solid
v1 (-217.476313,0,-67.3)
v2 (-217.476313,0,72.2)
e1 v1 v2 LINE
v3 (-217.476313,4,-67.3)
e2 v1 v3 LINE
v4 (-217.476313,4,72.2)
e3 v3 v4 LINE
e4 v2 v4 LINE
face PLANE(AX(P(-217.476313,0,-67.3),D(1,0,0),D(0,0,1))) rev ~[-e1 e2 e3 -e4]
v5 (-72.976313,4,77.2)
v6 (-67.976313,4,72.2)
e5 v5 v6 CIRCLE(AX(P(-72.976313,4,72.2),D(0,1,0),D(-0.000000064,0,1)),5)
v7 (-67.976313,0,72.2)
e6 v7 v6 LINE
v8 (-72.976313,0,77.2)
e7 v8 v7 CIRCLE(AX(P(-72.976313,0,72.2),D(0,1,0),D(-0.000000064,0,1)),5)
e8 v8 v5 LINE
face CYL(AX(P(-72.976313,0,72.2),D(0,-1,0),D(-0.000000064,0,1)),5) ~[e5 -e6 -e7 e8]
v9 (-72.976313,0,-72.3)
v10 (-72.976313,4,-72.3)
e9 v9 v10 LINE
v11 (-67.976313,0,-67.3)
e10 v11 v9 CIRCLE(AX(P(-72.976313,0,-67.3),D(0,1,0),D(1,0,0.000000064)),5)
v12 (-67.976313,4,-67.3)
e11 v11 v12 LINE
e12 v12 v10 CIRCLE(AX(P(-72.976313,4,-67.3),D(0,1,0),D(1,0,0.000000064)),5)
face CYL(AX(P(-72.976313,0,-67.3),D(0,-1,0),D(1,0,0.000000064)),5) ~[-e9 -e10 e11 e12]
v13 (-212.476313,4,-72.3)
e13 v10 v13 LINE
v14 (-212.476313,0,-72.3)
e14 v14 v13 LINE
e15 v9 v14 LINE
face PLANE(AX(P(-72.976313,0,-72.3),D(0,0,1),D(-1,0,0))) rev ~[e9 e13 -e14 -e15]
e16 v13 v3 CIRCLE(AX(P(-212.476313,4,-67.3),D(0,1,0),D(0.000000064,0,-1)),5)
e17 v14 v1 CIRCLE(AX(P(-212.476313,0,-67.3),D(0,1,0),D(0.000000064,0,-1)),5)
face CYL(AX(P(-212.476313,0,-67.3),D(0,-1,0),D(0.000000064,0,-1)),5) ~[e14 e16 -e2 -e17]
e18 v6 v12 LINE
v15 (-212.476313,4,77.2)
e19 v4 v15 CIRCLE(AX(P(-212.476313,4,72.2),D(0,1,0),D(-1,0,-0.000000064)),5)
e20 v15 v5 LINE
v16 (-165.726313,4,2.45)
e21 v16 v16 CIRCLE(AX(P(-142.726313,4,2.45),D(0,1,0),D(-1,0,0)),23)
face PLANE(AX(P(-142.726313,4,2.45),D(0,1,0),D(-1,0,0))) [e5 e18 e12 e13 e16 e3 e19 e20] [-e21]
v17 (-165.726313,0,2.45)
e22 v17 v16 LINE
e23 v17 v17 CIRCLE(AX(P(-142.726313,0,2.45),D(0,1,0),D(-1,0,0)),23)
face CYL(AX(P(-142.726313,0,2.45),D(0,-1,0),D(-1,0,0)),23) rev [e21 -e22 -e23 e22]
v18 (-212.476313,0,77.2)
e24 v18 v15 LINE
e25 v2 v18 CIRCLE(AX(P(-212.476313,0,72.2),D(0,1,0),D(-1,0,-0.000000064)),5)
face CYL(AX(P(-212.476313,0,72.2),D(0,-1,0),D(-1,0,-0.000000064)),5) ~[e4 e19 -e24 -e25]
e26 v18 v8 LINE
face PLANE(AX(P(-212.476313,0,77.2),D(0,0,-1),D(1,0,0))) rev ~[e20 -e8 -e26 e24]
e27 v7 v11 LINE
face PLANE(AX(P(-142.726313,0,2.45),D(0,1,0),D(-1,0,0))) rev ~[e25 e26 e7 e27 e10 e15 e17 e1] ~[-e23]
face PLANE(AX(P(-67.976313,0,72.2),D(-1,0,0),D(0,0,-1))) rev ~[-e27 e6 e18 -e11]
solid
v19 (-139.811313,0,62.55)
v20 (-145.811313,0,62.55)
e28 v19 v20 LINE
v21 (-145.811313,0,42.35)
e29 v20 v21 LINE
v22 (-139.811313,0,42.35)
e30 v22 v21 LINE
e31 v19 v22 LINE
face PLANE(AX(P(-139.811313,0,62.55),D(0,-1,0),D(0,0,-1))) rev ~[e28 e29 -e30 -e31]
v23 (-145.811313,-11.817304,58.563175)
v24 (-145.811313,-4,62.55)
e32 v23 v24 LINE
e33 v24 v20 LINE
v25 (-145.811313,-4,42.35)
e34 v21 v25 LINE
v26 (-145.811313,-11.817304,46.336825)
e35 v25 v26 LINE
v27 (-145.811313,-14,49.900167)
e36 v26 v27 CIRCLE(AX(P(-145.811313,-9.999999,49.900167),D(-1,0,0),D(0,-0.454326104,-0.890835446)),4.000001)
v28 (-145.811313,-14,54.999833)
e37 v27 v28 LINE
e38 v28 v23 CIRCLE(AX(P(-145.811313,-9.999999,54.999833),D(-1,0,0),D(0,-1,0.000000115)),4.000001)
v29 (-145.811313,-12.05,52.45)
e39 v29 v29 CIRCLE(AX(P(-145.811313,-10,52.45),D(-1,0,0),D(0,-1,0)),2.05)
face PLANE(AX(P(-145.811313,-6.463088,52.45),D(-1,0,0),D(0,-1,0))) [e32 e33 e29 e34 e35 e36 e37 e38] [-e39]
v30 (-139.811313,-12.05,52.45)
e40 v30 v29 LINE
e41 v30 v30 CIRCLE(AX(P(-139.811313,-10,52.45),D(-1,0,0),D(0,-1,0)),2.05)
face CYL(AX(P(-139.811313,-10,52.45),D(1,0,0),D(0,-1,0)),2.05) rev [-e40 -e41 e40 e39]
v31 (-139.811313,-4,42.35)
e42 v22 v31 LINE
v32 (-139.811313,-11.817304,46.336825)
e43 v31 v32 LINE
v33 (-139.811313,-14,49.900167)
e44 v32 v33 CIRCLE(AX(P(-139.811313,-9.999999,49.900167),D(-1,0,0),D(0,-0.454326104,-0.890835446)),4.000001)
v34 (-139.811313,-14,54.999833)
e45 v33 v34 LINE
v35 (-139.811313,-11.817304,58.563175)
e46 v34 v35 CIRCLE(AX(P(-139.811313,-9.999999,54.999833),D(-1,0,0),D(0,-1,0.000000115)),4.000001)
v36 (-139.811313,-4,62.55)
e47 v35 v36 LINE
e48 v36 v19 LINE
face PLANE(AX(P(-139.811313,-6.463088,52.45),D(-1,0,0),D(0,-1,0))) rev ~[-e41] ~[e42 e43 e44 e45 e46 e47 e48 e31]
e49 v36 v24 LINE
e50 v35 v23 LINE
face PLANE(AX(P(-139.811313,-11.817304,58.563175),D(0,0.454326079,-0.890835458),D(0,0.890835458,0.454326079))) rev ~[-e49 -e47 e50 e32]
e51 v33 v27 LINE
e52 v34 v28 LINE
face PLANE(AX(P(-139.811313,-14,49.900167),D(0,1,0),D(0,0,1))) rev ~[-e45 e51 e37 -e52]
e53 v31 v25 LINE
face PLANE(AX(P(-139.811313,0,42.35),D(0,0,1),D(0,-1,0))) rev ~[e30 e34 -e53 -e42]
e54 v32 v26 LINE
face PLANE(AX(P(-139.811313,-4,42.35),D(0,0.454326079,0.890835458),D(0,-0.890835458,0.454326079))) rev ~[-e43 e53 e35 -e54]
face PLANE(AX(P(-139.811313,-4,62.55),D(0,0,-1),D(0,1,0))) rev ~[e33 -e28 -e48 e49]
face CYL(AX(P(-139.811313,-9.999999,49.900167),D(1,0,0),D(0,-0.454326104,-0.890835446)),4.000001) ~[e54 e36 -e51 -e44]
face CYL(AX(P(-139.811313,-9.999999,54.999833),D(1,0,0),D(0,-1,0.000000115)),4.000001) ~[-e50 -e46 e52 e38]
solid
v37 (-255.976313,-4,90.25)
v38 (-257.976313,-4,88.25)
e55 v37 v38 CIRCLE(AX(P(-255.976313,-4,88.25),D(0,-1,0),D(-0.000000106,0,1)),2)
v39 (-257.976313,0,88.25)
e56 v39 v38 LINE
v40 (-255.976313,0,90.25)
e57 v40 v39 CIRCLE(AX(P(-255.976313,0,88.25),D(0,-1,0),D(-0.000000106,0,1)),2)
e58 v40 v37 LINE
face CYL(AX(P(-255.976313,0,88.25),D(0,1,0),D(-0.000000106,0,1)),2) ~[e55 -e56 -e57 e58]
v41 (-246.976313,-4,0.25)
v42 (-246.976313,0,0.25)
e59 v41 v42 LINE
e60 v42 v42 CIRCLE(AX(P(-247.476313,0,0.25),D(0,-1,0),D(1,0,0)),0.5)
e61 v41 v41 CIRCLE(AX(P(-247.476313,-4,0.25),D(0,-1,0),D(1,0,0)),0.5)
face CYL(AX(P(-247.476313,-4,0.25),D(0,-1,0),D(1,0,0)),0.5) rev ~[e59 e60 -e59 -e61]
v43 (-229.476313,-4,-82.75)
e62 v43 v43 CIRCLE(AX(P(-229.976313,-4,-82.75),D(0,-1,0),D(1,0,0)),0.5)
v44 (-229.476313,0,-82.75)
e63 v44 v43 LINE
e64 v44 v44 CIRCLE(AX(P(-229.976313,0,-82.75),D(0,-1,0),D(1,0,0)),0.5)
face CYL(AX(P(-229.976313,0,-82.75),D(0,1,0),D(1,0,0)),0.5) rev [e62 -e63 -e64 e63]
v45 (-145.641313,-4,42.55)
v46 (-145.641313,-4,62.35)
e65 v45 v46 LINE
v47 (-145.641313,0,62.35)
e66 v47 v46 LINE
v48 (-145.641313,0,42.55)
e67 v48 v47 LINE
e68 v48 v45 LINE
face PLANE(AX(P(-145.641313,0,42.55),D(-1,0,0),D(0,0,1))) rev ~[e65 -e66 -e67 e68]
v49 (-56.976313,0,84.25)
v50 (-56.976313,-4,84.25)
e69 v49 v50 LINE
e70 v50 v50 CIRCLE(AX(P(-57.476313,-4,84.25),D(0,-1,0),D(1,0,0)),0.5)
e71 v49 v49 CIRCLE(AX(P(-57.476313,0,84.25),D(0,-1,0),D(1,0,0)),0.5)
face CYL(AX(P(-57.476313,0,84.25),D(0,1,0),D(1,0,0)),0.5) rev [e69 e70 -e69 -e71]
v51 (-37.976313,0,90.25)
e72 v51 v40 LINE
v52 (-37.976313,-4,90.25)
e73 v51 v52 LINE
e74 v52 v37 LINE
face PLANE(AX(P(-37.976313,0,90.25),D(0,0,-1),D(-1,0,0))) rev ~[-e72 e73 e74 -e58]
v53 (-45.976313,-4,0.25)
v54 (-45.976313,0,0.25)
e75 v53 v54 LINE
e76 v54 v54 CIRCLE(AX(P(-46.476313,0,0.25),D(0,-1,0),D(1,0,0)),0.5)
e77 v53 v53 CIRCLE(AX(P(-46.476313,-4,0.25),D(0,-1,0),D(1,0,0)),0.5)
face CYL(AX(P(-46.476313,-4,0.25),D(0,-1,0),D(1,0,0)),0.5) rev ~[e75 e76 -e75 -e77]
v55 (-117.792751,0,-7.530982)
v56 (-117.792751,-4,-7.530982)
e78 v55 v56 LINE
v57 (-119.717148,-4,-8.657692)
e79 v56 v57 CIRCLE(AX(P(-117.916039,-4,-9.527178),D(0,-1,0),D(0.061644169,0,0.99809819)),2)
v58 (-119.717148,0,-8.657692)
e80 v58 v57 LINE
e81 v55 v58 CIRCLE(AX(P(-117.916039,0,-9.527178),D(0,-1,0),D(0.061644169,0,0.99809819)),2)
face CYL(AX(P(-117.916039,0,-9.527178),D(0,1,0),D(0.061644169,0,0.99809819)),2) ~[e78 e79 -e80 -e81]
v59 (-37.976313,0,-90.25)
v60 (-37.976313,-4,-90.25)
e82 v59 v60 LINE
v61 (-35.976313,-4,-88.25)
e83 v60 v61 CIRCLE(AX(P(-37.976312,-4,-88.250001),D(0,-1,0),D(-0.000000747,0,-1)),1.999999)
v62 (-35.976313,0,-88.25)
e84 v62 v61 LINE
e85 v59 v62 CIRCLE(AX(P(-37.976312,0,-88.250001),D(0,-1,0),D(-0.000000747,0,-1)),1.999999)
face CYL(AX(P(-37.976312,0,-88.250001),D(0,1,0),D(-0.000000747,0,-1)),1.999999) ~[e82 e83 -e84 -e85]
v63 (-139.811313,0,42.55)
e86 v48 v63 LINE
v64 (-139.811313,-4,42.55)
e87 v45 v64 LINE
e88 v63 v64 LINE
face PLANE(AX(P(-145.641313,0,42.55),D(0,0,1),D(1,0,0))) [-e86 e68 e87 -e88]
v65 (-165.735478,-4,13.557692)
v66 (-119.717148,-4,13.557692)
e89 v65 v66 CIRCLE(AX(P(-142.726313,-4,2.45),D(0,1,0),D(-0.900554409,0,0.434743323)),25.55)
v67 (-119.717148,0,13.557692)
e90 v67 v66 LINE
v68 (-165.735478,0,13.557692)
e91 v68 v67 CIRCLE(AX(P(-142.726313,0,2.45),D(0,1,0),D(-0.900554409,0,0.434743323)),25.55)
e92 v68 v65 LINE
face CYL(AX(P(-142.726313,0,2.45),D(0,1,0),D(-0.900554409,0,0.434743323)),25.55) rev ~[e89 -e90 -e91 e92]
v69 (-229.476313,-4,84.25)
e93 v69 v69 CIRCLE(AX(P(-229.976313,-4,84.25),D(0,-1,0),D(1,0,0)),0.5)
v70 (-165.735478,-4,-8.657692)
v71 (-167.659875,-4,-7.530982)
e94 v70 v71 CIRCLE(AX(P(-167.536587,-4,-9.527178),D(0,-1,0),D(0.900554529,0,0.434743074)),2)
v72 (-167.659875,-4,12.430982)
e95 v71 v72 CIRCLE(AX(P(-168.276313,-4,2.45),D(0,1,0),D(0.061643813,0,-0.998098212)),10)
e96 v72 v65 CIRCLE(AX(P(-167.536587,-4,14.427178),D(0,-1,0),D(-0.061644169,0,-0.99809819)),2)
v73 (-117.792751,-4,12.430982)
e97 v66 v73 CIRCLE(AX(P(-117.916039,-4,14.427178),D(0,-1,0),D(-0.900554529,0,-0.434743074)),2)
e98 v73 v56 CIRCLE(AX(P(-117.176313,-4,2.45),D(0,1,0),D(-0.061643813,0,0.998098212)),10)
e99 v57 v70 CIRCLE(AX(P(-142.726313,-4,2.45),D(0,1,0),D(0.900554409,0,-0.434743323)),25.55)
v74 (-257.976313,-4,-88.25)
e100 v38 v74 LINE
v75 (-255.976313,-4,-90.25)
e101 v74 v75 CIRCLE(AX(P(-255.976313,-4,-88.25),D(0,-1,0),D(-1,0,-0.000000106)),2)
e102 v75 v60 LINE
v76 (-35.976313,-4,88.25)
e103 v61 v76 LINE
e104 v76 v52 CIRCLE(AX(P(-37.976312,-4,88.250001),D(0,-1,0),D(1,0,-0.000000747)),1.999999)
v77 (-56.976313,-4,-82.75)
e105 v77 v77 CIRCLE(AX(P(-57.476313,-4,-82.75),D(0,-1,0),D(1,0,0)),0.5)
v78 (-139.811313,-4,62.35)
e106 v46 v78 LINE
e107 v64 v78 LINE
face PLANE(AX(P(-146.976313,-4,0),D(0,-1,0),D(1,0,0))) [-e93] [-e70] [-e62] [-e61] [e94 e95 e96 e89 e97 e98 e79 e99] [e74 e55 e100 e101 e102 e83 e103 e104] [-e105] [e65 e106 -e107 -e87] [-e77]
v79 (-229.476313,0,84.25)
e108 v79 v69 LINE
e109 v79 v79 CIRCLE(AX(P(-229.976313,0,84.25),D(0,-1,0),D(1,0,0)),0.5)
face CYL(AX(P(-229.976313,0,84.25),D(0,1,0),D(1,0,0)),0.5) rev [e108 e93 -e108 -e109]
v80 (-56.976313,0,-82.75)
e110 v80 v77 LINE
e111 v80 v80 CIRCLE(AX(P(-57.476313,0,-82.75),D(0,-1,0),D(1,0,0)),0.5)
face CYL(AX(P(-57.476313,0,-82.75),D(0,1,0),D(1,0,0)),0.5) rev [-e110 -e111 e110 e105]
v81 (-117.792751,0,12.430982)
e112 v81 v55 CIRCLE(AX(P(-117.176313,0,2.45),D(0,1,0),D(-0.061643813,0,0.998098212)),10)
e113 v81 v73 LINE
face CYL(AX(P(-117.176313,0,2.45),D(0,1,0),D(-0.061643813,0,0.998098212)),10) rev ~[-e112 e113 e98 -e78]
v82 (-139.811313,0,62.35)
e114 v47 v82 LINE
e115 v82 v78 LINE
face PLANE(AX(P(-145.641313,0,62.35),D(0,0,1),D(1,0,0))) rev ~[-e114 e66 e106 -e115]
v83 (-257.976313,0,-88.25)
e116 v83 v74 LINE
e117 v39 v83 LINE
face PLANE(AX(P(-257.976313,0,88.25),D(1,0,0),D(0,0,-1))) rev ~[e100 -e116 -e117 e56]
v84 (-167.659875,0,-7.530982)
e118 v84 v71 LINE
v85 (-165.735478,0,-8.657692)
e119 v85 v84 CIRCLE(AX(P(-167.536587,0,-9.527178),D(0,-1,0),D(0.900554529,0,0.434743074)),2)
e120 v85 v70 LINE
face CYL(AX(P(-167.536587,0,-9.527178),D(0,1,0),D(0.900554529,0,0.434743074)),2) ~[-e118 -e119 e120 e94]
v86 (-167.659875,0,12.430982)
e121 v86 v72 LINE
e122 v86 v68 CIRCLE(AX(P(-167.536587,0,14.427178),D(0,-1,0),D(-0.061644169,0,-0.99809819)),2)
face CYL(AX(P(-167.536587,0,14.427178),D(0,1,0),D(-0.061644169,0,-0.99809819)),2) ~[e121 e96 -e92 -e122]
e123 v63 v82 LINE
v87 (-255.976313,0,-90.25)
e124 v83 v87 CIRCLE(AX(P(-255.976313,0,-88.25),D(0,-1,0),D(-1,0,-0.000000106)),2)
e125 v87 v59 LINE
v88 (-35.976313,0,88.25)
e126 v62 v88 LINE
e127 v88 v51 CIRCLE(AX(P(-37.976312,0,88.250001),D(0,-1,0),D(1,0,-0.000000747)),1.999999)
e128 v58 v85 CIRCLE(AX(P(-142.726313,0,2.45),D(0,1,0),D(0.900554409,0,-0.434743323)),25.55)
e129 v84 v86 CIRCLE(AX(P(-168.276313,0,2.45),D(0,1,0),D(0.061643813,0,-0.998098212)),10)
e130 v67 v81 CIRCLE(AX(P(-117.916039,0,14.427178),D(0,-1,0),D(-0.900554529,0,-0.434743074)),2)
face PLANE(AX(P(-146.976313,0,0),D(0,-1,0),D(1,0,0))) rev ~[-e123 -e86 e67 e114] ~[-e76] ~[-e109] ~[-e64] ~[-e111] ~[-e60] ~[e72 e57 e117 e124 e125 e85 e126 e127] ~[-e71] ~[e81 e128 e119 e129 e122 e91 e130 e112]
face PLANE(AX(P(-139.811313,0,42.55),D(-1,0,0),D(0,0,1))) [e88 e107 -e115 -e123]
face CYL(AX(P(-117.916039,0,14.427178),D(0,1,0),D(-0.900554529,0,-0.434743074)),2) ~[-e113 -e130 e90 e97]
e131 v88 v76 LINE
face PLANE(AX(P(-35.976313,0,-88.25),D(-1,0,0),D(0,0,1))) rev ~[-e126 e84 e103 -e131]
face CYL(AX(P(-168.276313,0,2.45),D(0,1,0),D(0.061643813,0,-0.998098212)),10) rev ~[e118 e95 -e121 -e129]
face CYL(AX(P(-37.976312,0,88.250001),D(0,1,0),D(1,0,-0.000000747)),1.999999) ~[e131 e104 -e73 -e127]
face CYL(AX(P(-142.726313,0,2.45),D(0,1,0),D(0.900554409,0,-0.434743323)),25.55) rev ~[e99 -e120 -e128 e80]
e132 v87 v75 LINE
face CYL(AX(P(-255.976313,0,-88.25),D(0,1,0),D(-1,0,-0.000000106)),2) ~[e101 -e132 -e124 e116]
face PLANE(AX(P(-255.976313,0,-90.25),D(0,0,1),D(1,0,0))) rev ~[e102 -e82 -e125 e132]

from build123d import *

# Parameters (mm, degrees)
F0_R     = 0.5
F0_W     = 5.83
F0_H     = 19.8
F1_DEPTH = 4
F2_R     = 23
F3_DEPTH = 4
F4_R     = 2.05
F4_W     = 4
F4_H     = 19.8
F5_DEPTH = 6
F6_R     = 0.5
F7_DEPTH = 25


with BuildPart() as f1:
    # F0 (on Front) → F1 (new body)
    with BuildSketch(Plane.XZ):
        with BuildLine():
            ThreePointArc((-35.976313, 88.25), (-36.562099, 89.664214), (-37.976313, 90.25))
            Line((-37.976313, 90.25), (-255.976313, 90.25))
            ThreePointArc((-255.976313, 90.25), (-257.390526, 89.664214), (-257.976313, 88.25))
            Line((-257.976313, 88.25), (-257.976313, -88.25))
            ThreePointArc((-257.976313, -88.25), (-257.390526, -89.664214), (-255.976313, -90.25))
            Line((-255.976313, -90.25), (-37.976313, -90.25))
            ThreePointArc((-37.976313, -90.25), (-36.562099, -89.664214), (-35.976313, -88.25))
            Line((-35.976313, -88.25), (-35.976313, 88.25))
        make_face()
        with Locations((-229.976313, -82.75)):
            Circle(F0_R, mode=Mode.SUBTRACT)
        with Locations((-57.476313, -82.75)):
            Circle(F0_R, mode=Mode.SUBTRACT)
        with Locations((-229.976313, 84.25)):
            Circle(F0_R, mode=Mode.SUBTRACT)
        with BuildLine():
            ThreePointArc((-167.659875, -7.530982), (-178.276313, 2.45), (-167.659875, 12.430982))
            ThreePointArc((-167.659875, 12.430982), (-166.526072, 12.701241), (-165.735478, 13.557692))
            ThreePointArc((-165.735478, 13.557692), (-142.726313, 28), (-119.717148, 13.557692))
            ThreePointArc((-119.717148, 13.557692), (-118.926554, 12.701241), (-117.792751, 12.430982))
            ThreePointArc((-117.792751, 12.430982), (-107.176313, 2.45), (-117.792751, -7.530982))
            ThreePointArc((-117.792751, -7.530982), (-118.926554, -7.801241), (-119.717148, -8.657692))
            ThreePointArc((-119.717148, -8.657692), (-142.726313, -23.1), (-165.735478, -8.657692))
            ThreePointArc((-165.735478, -8.657692), (-166.526072, -7.801241), (-167.659875, -7.530982))
        make_face(mode=Mode.SUBTRACT)
        with Locations((-142.726313, 52.45)):
            Rectangle(F0_W, F0_H, mode=Mode.SUBTRACT)
        with Locations((-57.476313, 84.25)):
            Circle(F0_R, mode=Mode.SUBTRACT)
    extrude(amount=F1_DEPTH)

    # F6 (on face) → F7 (cut)
    with BuildSketch(Plane.XZ.offset(4)):
        with Locations((-247.476313, 0.25)):
            Circle(F6_R)
        with Locations((-46.476313, 0.25)):
            Circle(F6_R)
    extrude(amount=-F7_DEPTH, mode=Mode.SUBTRACT)


with BuildPart() as f3:
    # F2 (on face) → F3 (new body)
    with BuildSketch(Plane(origin=(0, 0, 0), x_dir=(-1, 0, 0), z_dir=(0, 1, 0))):
        with BuildLine():
            ThreePointArc((67.976313, -67.3), (69.440779, -70.835534), (72.976313, -72.3))
            Line((72.976313, -72.3), (212.476313, -72.3))
            ThreePointArc((212.476313, -72.3), (216.011847, -70.835534), (217.476313, -67.3))
            Line((217.476313, -67.3), (217.476313, 72.2))
            ThreePointArc((217.476313, 72.2), (216.011847, 75.735534), (212.476313, 77.2))
            Line((212.476313, 77.2), (72.976313, 77.2))
            ThreePointArc((72.976313, 77.2), (69.440779, 75.735534), (67.976313, 72.2))
            Line((67.976313, 72.2), (67.976313, -67.3))
        make_face()
        with Locations((142.726313, 2.45)):
            Circle(F2_R, mode=Mode.SUBTRACT)
    extrude(amount=F3_DEPTH)


with BuildPart() as f5:
    # F4 (on face) → F5 (new body)
    with BuildSketch(Plane(origin=(-139.811313, 0, 0), x_dir=(0, -1, 0), z_dir=(-1, 0, 0))):
        with BuildLine():
            Line((4, 42.55), (0, 42.55))
            Line((0, 42.55), (0, 42.35))
            Line((0, 42.35), (4, 42.35))
            Line((4, 42.35), (11.817304, 46.336825))
            ThreePointArc((11.817304, 46.336825), (13.410954, 47.810815), (14, 49.900167))
            Line((14, 49.900167), (14, 54.999833))
            ThreePointArc((14, 54.999833), (13.410954, 57.089185), (11.817304, 58.563175))
            Line((11.817304, 58.563175), (4, 62.55))
            Line((4, 62.55), (0, 62.55))
            Line((0, 62.55), (0, 62.35))
            Line((0, 62.35), (4, 62.35))
            Line((4, 62.35), (4, 42.55))
        make_face()
        with Locations((10, 52.45)):
            Circle(F4_R, mode=Mode.SUBTRACT)
        with Locations((2, 52.45)):
            Rectangle(F4_W, F4_H)
    extrude(amount=F5_DEPTH)


solid = Compound([f1.part, f3.part, f5.part])
